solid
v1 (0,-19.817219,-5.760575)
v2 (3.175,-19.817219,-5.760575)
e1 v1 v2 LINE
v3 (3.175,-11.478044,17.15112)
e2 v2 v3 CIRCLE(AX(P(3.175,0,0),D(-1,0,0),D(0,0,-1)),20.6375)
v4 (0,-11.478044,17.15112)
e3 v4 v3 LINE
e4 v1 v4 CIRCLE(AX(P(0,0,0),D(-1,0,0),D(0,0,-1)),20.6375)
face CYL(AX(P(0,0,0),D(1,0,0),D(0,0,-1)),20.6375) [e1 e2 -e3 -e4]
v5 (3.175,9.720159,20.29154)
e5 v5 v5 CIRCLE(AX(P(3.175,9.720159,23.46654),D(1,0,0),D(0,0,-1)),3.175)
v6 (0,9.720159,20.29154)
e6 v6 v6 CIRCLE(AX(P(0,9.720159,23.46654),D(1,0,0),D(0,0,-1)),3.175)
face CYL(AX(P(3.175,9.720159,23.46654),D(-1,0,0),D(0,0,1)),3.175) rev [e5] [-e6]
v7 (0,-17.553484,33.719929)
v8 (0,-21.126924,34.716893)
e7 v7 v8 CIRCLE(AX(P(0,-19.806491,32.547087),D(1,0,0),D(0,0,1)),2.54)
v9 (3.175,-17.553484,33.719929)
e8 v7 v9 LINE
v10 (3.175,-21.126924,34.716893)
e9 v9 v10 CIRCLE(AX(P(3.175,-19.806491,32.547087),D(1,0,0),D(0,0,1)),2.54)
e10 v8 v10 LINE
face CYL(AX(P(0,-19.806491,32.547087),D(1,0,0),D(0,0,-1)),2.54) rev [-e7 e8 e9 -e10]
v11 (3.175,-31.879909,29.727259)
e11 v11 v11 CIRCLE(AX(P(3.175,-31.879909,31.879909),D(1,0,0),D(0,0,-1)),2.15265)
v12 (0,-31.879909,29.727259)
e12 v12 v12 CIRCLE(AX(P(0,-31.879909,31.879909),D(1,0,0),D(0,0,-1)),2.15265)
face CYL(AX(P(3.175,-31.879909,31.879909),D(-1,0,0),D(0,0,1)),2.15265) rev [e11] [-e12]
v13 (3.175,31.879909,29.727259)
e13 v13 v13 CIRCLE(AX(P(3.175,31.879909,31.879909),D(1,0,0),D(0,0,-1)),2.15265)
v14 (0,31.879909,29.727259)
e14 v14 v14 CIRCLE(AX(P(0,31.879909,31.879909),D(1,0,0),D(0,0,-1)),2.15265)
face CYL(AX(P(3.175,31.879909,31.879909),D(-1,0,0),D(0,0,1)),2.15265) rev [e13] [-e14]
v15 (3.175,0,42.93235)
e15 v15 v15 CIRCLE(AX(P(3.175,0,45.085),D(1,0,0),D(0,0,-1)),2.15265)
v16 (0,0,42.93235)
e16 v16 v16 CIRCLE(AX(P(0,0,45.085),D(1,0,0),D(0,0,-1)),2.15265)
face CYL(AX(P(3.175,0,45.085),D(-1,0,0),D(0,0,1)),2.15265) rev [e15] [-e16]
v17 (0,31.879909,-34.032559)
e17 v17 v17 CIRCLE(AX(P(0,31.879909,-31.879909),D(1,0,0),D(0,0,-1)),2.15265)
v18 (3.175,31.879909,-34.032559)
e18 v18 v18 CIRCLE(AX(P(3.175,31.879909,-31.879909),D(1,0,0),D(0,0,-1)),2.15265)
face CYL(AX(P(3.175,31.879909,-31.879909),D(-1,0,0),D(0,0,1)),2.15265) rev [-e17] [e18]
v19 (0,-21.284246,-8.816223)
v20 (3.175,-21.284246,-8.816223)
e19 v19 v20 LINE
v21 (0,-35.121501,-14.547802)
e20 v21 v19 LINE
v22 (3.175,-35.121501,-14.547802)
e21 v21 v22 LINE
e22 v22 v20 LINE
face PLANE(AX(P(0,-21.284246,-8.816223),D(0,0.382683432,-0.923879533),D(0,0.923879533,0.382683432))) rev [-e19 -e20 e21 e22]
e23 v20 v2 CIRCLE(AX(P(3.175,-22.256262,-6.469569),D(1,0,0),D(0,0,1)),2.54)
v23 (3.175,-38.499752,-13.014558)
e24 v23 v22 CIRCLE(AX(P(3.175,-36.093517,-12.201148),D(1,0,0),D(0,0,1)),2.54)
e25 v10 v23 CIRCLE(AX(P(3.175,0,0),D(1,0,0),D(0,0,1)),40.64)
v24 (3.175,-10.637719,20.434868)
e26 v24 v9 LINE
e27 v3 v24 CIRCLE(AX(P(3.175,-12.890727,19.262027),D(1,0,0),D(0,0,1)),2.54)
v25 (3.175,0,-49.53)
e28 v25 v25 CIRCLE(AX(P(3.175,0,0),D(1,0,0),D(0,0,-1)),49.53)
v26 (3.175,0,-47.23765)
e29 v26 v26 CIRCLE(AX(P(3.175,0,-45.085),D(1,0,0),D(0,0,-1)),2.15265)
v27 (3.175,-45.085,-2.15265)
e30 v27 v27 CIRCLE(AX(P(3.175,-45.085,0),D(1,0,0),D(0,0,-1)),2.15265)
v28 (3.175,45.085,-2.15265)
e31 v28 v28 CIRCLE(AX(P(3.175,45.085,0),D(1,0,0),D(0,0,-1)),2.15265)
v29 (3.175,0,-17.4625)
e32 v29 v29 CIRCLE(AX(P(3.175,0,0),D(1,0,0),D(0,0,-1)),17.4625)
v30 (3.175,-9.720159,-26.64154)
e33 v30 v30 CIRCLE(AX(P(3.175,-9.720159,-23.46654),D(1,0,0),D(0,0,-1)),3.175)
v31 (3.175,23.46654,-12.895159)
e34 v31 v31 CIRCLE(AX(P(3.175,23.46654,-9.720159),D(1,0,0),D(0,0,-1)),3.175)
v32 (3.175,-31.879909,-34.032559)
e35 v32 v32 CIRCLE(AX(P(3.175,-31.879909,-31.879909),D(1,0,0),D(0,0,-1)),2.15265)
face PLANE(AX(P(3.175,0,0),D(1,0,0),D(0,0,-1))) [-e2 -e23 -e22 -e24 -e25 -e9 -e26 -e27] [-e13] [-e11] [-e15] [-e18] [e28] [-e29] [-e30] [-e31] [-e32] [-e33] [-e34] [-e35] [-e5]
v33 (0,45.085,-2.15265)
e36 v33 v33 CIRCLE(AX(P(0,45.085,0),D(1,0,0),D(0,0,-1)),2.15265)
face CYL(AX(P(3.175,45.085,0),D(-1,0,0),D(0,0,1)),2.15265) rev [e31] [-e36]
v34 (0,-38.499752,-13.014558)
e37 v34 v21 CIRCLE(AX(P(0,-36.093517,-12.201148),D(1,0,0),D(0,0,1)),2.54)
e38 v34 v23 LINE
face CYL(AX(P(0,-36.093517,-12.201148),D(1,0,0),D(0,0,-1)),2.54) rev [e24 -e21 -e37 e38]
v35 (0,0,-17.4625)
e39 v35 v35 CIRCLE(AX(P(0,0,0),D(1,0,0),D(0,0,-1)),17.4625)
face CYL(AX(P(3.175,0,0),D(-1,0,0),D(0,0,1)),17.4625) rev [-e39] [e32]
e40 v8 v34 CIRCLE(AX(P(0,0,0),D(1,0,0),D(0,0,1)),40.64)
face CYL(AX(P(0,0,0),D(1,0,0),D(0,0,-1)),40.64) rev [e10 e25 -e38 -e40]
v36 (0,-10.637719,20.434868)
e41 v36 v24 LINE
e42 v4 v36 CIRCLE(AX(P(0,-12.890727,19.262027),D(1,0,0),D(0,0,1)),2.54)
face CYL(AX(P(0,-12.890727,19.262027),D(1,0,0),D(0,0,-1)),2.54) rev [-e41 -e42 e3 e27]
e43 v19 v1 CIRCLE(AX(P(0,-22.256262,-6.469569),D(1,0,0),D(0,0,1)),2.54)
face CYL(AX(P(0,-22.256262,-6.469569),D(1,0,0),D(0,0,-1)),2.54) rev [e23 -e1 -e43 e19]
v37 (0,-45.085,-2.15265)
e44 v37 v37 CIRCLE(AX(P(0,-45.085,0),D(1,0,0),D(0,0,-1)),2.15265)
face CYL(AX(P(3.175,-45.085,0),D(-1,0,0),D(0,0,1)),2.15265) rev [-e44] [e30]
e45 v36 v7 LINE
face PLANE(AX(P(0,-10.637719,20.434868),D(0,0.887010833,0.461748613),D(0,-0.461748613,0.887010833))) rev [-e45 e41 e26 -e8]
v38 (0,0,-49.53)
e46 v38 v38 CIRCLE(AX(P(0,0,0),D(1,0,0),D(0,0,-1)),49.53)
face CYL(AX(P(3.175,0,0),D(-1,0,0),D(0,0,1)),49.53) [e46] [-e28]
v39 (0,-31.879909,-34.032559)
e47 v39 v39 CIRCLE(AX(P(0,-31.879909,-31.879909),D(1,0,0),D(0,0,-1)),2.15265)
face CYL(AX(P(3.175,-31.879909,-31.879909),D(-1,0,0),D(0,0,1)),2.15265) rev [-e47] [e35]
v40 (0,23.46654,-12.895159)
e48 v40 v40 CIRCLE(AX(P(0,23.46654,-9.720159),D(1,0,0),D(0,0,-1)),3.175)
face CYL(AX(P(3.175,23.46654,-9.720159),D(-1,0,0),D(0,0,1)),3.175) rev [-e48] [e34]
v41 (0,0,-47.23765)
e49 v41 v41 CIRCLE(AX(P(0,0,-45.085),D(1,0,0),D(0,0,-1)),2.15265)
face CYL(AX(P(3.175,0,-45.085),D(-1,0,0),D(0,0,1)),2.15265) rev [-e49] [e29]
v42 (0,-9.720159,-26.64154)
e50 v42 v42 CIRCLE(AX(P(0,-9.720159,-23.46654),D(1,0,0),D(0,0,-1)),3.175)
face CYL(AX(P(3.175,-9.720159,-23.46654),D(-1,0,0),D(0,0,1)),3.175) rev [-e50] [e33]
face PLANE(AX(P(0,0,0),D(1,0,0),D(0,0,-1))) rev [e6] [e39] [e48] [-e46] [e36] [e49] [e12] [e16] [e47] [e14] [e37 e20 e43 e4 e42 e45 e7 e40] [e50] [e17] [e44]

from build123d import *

# Parameters (mm, degrees)
SKETCH1_R           = 49.53
SKETCH1_R_2         = 2.15265
SKETCH1_R_3         = 17.4625
SKETCH1_R_4         = 3.175
BOSS_EXTRUDE1_DEPTH = 3.175
CUT_EXTRUDE1_DEPTH  = 71.117918002


with BuildPart() as part:
    # Sketch1 → Boss-Extrude1 (new body)
    with BuildSketch(Plane(origin=(0, 0, 0), x_dir=(0, 0, -1), z_dir=(1, 0, 0))):
        Circle(SKETCH1_R)
        with Locations((0, 45.085)):
            Circle(SKETCH1_R_2, mode=Mode.SUBTRACT)
        with Locations((31.87990923, 31.87990923)):
            Circle(SKETCH1_R_2, mode=Mode.SUBTRACT)
        with Locations((45.085, 0)):
            Circle(SKETCH1_R_2, mode=Mode.SUBTRACT)
        with Locations((31.87990923, -31.87990923)):
            Circle(SKETCH1_R_2, mode=Mode.SUBTRACT)
        with Locations((0, -45.085)):
            Circle(SKETCH1_R_2, mode=Mode.SUBTRACT)
        with Locations((-31.87990923, -31.87990923)):
            Circle(SKETCH1_R_2, mode=Mode.SUBTRACT)
        with Locations((-45.085, 0)):
            Circle(SKETCH1_R_2, mode=Mode.SUBTRACT)
        with Locations((-31.87990923, 31.87990923)):
            Circle(SKETCH1_R_2, mode=Mode.SUBTRACT)
        Circle(SKETCH1_R_3, mode=Mode.SUBTRACT)
        with Locations((9.720159182, 23.466540126)):
            Circle(SKETCH1_R_4, mode=Mode.SUBTRACT)
        with Locations((23.466540126, -9.720159182)):
            Circle(SKETCH1_R_4, mode=Mode.SUBTRACT)
        with Locations((-9.720159182, -23.466540126)):
            Circle(SKETCH1_R_4, mode=Mode.SUBTRACT)
        with Locations((-23.466540126, 9.720159182)):
            Circle(SKETCH1_R_4, mode=Mode.SUBTRACT)
    extrude(amount=BOSS_EXTRUDE1_DEPTH)

    # Sketch2 → Cut-Extrude1 (cut, through all)
    with BuildSketch(Plane(origin=(3.175, 0, 0), x_dir=(0, 0, -1), z_dir=(1, 0, 0))):
        with BuildLine():
            Line((-20.434868218, -10.637719077), (-33.719928863, -17.553483913))
            ThreePointArc((-33.719928863, -17.553483913), (-34.993654696, -19.123916601), (-34.716893211, -21.126924191))
            ThreePointArc((-34.716893211, -21.126924191), (-13.899698625, -38.189108109), (13.014558026, -38.49975168))
            ThreePointArc((13.014558026, -38.49975168), (14.514078084, -37.143257699), (14.547802162, -35.121501281))
            Line((14.547802162, -35.121501281), (8.816223227, -21.284245682))
            ThreePointArc((8.816223227, -21.284245682), (7.568898247, -19.966485263), (5.760575328, -19.817219233))
            ThreePointArc((5.760575328, -19.817219233), (-7.058440708, -19.392906461), (-17.1511197, -11.478044227))
            ThreePointArc((-17.1511197, -11.478044227), (-18.632321778, -10.430021072), (-20.434868218, -10.637719077))
        make_face()
    extrude(amount=-CUT_EXTRUDE1_DEPTH, mode=Mode.SUBTRACT)


solid = part.part
